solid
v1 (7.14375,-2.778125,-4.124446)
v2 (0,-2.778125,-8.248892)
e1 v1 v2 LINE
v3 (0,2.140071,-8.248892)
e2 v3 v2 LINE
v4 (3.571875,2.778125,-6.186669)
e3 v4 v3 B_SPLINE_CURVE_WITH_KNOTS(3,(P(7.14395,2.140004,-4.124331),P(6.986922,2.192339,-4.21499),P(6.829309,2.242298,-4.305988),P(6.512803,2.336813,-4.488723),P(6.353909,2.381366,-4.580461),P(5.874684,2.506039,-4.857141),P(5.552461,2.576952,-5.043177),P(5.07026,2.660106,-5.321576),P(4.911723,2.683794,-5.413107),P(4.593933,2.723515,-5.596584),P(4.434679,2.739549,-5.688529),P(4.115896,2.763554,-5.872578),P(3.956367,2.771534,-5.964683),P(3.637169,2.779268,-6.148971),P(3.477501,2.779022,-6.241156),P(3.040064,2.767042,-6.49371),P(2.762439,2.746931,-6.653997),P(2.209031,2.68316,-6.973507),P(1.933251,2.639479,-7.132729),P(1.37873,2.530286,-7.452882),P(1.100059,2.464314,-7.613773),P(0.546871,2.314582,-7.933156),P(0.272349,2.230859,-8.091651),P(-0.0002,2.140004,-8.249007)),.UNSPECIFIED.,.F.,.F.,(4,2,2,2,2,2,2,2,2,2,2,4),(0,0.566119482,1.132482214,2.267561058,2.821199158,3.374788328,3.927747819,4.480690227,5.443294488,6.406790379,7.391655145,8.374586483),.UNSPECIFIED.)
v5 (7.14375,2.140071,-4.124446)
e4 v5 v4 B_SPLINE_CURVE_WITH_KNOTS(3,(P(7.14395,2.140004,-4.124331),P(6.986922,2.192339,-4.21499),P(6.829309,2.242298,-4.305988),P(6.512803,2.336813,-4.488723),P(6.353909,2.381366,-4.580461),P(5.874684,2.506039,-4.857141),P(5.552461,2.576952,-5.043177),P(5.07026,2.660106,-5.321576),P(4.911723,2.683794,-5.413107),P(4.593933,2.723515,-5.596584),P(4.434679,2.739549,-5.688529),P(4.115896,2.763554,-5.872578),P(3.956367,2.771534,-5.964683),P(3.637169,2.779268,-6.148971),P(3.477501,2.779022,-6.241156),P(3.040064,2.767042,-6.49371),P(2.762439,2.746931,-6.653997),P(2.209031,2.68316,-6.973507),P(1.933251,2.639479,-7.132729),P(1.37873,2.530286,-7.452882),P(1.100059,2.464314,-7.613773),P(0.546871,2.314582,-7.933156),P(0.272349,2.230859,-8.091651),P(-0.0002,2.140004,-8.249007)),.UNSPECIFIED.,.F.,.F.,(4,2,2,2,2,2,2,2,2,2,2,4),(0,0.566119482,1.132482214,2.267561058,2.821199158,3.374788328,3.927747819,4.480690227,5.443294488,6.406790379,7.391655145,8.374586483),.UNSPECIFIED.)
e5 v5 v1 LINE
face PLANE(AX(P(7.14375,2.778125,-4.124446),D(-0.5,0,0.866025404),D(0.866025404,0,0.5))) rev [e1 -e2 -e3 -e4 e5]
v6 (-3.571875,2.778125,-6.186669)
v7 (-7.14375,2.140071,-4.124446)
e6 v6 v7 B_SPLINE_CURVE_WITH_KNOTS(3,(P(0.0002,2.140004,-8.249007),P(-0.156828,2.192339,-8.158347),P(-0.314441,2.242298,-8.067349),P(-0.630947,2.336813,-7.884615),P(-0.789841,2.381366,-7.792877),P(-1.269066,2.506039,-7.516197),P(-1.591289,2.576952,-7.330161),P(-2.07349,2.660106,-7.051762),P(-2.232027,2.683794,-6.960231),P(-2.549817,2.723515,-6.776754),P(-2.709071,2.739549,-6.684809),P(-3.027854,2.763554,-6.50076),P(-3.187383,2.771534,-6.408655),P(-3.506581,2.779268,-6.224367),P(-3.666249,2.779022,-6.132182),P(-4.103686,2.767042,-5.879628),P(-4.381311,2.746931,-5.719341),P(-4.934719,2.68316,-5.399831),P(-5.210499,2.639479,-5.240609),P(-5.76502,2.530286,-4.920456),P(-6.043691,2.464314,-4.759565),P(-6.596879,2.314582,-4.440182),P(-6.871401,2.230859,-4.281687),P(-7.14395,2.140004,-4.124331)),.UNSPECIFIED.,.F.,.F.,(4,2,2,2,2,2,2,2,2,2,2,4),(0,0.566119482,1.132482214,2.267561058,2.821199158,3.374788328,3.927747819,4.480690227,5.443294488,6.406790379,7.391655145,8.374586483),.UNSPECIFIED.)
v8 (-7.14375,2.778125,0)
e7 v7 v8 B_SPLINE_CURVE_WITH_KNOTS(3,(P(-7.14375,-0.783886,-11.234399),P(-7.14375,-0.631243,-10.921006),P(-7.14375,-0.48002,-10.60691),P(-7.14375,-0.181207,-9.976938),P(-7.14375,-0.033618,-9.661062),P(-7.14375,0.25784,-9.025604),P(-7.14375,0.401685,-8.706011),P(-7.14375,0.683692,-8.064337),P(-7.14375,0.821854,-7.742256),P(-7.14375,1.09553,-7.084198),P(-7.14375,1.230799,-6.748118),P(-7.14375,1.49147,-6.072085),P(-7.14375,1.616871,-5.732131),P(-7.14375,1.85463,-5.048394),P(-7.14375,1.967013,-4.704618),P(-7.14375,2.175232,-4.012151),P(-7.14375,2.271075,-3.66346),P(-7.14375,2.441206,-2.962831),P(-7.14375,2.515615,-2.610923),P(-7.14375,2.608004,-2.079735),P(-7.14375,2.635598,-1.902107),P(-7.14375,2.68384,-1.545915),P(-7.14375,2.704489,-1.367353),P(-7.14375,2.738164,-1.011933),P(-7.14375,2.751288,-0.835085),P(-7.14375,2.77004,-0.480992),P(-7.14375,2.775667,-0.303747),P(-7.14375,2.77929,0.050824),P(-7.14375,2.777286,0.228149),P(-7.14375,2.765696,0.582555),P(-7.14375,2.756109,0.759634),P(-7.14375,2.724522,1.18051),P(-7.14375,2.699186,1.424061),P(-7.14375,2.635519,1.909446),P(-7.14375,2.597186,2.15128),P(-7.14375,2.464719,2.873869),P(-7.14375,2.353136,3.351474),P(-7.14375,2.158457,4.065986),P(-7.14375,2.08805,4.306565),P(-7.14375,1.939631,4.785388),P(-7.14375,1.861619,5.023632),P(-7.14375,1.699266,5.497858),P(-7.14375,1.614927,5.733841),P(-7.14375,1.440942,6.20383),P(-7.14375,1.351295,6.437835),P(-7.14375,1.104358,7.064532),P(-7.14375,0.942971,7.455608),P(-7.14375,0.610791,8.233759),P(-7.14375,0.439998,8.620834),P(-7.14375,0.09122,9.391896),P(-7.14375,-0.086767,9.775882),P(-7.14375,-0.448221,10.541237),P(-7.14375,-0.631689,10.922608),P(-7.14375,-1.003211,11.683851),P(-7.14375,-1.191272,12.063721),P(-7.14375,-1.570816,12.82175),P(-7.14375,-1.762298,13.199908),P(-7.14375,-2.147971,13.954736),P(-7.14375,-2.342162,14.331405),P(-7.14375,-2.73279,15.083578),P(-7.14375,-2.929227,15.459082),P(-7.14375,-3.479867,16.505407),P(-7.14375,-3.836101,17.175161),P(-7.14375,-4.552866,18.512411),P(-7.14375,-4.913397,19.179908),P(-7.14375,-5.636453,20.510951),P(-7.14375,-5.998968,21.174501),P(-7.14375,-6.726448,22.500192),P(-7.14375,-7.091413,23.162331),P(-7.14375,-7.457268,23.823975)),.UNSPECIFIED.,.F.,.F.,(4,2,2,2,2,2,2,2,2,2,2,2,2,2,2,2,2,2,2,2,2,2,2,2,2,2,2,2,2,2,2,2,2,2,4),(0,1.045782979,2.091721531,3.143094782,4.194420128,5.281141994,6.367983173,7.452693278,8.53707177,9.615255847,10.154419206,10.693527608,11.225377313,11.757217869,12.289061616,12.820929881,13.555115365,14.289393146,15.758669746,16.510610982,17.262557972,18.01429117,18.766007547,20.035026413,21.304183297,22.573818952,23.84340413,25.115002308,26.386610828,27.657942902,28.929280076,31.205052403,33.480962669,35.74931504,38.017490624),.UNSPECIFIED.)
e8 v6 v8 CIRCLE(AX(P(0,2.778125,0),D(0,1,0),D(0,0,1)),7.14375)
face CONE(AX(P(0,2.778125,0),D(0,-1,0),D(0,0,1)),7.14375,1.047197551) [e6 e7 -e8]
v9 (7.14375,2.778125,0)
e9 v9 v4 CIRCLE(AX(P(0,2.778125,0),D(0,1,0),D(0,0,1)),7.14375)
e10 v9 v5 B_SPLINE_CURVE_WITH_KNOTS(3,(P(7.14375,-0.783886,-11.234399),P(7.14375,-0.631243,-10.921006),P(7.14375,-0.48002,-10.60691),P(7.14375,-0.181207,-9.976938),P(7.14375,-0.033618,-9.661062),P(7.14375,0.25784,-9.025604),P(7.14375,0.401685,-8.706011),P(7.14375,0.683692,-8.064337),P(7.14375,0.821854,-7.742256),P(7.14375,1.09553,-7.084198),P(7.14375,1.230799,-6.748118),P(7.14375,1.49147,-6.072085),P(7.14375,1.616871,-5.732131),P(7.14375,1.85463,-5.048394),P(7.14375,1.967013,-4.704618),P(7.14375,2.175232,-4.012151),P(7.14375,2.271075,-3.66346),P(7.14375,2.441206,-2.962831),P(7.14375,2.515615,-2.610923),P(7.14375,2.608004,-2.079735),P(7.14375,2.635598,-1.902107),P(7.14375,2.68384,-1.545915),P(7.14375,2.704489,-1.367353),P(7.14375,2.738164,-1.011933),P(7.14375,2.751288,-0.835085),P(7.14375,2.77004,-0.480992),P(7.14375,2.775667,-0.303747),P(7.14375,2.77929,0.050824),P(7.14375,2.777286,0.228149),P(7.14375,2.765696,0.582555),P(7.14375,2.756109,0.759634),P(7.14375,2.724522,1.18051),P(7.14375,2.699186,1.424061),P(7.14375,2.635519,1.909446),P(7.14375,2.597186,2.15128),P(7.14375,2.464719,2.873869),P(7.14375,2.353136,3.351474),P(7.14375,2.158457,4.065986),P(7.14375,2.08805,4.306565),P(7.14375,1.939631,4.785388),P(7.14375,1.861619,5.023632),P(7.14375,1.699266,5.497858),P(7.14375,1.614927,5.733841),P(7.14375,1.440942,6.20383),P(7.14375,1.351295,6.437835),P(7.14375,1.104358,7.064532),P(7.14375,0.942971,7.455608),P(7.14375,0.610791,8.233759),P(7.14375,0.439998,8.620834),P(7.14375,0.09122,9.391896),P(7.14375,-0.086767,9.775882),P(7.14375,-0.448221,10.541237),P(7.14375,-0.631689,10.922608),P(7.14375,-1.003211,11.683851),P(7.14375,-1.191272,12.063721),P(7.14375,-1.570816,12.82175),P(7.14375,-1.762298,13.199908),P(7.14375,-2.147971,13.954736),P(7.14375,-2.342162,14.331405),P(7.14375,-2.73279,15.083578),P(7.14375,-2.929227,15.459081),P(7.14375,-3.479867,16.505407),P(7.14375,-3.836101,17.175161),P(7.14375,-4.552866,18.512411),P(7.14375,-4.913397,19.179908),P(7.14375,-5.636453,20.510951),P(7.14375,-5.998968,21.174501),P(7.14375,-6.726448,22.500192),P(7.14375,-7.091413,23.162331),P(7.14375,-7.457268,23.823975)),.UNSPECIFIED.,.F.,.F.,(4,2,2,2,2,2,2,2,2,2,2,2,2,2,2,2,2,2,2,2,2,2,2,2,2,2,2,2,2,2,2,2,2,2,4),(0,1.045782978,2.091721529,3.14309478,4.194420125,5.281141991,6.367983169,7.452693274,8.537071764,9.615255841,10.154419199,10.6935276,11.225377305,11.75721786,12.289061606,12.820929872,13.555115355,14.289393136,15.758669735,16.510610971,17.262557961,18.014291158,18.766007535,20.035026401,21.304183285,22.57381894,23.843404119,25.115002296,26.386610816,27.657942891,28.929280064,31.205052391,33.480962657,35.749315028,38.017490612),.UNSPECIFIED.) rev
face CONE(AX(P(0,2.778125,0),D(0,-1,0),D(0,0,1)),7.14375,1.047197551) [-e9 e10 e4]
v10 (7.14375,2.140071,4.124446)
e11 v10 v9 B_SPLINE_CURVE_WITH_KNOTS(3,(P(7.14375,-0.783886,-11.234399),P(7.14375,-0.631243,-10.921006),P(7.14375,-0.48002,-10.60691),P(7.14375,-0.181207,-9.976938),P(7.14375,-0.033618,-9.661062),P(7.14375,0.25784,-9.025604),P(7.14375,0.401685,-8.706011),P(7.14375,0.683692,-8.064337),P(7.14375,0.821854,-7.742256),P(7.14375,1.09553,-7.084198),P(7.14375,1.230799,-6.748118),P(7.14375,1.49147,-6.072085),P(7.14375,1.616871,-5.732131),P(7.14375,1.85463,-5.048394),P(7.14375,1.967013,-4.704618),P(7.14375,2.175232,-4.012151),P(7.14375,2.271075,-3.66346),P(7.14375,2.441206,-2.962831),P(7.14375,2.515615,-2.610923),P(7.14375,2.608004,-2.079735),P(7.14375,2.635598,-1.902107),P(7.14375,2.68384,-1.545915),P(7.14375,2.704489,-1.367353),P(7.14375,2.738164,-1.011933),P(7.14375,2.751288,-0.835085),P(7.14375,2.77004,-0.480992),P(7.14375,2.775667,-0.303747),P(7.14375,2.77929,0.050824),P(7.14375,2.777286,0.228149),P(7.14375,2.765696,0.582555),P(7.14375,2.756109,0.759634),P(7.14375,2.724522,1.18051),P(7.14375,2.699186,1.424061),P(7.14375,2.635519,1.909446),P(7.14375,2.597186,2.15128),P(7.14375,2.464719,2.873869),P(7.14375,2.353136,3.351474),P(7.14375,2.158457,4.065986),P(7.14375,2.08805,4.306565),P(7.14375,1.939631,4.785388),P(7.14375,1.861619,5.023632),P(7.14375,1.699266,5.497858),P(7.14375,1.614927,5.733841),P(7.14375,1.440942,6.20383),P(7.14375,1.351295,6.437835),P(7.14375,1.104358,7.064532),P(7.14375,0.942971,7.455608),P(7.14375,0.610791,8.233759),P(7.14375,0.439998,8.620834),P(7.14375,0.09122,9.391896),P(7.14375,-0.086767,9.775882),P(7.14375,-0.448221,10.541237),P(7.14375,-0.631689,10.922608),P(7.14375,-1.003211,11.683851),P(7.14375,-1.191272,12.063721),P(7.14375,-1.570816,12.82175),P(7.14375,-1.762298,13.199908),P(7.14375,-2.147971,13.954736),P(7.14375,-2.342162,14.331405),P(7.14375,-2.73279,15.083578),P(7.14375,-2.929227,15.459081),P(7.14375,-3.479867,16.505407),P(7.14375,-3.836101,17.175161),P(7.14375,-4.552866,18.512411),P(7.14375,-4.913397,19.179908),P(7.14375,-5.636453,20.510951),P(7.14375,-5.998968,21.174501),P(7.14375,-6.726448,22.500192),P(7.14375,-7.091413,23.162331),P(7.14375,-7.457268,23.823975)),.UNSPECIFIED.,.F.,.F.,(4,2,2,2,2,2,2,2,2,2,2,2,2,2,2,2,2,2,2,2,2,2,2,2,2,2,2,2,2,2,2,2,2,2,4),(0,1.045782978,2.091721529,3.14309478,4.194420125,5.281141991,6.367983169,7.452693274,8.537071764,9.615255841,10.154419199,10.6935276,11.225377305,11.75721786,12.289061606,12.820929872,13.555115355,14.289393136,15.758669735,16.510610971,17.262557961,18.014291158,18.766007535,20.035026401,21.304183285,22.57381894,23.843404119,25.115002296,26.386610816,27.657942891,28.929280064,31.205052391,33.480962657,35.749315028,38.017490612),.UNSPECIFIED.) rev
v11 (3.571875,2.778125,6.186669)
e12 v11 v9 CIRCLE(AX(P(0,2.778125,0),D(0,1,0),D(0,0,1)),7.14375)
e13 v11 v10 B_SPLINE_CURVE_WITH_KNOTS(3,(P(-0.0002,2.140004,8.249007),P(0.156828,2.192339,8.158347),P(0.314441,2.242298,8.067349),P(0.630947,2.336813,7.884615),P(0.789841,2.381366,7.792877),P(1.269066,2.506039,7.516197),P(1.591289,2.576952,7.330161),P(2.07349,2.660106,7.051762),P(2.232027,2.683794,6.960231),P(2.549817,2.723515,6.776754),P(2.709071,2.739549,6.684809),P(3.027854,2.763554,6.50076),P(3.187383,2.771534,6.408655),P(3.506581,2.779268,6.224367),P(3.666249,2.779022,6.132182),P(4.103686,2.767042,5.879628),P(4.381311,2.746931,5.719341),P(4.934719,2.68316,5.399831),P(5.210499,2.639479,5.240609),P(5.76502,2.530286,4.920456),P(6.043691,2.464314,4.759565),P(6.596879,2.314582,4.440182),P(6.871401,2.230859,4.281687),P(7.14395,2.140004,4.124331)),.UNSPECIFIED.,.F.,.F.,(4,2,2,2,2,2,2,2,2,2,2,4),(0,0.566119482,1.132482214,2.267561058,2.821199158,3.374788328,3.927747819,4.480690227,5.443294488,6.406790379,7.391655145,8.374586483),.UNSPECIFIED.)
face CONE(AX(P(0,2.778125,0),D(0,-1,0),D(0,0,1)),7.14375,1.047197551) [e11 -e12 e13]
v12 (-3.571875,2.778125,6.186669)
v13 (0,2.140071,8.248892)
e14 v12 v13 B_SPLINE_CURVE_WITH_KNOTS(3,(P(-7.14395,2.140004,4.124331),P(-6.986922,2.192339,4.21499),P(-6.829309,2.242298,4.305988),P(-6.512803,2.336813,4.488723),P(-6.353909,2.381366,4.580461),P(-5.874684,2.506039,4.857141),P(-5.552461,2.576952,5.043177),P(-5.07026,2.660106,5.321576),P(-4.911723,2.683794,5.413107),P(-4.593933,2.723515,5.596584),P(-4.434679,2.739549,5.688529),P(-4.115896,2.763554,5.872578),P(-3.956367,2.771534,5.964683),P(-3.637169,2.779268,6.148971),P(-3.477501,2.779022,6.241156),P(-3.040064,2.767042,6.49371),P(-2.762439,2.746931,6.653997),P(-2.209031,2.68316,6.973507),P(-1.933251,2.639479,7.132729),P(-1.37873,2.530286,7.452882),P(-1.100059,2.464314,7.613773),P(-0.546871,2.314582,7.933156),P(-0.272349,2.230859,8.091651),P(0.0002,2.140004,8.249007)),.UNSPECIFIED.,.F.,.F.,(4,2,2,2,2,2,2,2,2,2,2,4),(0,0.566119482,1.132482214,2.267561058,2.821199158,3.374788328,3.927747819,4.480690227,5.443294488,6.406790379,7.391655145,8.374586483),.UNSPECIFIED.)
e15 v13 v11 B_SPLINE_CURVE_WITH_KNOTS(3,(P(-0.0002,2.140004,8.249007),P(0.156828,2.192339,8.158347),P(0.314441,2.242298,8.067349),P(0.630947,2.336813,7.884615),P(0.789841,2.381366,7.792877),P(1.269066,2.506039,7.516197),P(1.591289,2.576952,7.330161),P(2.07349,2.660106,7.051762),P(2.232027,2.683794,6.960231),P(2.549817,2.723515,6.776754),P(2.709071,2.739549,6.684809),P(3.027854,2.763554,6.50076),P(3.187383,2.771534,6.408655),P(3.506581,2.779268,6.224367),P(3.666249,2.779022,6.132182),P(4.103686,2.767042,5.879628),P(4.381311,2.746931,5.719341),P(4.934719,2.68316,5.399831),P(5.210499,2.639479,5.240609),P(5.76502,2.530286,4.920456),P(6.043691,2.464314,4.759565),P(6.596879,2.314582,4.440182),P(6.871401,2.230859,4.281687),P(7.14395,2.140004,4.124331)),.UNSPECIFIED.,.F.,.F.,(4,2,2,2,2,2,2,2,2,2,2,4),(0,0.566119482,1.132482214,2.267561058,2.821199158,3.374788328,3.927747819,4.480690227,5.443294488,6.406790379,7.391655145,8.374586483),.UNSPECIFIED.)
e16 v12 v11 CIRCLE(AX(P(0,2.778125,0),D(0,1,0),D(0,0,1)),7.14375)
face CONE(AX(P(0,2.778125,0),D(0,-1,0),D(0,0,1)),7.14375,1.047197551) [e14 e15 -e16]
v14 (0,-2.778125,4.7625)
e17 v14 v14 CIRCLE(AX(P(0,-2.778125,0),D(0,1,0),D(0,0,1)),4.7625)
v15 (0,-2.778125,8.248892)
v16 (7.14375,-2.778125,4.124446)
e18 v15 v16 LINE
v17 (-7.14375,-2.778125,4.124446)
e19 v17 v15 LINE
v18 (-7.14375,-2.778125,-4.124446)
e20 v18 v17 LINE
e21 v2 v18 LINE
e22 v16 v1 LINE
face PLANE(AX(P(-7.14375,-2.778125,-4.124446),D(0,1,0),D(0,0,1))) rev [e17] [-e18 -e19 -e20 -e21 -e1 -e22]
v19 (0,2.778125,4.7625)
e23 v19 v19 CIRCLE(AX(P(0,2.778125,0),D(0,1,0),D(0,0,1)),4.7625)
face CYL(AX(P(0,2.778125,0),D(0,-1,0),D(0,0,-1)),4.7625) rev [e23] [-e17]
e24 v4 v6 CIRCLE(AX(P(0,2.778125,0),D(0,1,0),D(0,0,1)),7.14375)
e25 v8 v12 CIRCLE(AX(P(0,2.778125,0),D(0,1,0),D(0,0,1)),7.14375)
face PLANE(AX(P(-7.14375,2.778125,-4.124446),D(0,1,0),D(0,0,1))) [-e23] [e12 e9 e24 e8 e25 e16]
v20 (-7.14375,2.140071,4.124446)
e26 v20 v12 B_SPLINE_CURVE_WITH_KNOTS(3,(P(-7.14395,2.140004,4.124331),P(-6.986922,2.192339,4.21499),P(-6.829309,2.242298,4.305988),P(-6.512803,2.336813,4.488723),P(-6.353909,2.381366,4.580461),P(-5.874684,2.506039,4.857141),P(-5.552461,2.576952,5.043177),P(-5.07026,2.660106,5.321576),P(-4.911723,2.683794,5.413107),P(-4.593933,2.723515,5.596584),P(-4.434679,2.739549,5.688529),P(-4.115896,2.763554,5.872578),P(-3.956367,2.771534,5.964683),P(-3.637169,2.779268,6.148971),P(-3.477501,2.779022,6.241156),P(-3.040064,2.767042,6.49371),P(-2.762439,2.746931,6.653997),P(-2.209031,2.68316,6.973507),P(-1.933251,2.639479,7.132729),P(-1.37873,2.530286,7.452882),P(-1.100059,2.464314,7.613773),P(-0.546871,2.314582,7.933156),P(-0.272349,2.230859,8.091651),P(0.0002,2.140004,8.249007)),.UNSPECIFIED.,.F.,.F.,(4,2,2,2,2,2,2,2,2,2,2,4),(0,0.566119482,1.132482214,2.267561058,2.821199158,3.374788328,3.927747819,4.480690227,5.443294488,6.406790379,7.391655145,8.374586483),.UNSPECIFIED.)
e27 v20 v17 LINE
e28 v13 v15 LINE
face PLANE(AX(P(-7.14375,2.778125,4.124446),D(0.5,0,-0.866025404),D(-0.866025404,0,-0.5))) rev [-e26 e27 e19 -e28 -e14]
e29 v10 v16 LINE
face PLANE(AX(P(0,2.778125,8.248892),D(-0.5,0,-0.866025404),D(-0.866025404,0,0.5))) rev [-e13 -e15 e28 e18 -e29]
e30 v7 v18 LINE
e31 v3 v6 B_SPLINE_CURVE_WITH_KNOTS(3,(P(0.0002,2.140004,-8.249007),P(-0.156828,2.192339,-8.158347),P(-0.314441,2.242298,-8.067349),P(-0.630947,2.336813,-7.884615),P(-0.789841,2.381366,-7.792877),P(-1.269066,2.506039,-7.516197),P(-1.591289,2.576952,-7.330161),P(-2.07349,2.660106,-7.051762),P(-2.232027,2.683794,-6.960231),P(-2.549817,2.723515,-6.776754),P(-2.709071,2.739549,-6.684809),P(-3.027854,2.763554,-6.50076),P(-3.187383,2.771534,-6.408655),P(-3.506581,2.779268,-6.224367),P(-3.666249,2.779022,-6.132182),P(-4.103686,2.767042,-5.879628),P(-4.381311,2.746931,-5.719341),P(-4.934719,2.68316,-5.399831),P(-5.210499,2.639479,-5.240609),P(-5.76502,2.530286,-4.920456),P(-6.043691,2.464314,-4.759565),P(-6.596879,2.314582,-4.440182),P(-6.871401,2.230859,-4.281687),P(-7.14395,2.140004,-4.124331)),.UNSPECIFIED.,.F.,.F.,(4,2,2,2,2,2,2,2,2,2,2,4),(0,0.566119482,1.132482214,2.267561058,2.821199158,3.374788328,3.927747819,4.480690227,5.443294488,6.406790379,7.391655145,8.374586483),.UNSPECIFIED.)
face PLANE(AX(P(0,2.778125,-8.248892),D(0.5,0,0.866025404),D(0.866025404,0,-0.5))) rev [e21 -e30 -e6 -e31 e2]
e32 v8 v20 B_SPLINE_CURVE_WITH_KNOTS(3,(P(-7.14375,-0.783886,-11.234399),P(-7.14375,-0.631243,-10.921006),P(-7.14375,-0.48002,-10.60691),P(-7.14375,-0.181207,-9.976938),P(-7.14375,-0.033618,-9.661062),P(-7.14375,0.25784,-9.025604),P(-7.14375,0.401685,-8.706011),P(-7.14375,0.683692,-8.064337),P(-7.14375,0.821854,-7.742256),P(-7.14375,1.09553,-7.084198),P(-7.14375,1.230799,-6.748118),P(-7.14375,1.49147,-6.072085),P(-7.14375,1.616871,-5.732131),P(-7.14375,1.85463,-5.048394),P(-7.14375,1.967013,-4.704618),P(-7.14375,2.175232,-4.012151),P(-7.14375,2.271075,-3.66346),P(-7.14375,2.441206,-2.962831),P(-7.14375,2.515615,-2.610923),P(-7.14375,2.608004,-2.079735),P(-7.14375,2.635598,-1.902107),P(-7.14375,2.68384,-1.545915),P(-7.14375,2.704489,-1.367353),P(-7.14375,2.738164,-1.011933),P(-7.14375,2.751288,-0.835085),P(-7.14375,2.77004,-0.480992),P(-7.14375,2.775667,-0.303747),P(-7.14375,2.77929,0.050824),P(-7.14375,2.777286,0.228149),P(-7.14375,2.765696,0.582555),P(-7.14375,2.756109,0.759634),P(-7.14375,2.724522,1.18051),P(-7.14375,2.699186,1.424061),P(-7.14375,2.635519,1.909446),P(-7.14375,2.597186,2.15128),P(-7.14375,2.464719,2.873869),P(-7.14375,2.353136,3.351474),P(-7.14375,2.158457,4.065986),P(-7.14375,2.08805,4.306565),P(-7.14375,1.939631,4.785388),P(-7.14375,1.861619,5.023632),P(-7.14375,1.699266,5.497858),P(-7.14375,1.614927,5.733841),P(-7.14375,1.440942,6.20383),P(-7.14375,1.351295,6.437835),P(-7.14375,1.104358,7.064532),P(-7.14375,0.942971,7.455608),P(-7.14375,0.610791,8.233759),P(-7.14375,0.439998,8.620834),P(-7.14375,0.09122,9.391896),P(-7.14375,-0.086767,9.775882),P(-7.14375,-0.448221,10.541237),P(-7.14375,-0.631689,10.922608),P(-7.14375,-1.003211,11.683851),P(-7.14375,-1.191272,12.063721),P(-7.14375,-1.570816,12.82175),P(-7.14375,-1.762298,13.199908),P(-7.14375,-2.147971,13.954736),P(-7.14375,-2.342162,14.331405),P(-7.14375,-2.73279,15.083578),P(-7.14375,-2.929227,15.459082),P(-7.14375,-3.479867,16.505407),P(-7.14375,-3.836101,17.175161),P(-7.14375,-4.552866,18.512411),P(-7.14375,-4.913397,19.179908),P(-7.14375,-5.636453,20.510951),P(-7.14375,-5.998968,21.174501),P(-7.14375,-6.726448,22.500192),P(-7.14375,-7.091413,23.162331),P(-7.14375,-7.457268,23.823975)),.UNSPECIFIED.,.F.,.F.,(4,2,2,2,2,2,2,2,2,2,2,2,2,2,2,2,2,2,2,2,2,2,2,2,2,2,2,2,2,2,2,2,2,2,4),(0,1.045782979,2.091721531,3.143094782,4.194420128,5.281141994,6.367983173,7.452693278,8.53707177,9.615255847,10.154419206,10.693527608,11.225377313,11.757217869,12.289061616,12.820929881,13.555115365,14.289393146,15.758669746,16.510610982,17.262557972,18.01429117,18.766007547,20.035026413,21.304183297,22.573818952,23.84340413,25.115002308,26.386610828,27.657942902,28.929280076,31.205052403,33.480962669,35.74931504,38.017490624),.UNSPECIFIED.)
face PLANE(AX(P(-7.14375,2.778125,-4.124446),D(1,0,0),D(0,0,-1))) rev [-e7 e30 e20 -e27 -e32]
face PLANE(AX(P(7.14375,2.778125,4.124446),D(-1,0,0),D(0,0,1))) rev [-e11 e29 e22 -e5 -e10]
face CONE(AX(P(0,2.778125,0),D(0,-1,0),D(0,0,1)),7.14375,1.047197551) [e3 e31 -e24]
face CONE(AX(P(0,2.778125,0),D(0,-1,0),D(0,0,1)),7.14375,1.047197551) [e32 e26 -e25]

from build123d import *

# Parameters (mm, degrees)
SKETCH1_R           = 4.7625
BOSS_EXTRUDE1_DEPTH = 2.778125
SKETCH5_OUTSIDE_W   = 43.504
SKETCH5_OUTSIDE_H   = 45.714
SKETCH5_OUTSIDE_R   = 7.14375
CUT_EXTRUDE2_DEPTH  = 6.55625
CUT_EXTRUDE2_TAPER  = 60


with BuildPart() as part:
    # Sketch1 → Boss-Extrude1 (new body, symmetric)
    with BuildSketch(Plane(origin=(0, 0, 0), x_dir=(1, 0, 0), z_dir=(0, 1, 0))):
        Polygon((-7.14375, 4.124445986), (-7.14375, -4.124445986), (0, -8.248891971), (7.14375, -4.124445986), (7.14375, 4.124445986), (0, 8.248891971), align=None)
        Circle(SKETCH1_R, mode=Mode.SUBTRACT)
    extrude(amount=BOSS_EXTRUDE1_DEPTH, both=True)

    # Sketch5 outside → Cut-Extrude2 (cut, through all)
    with BuildSketch(Plane(origin=(0, 2.778125, 0), x_dir=(1, 0, 0), z_dir=(0, 1, 0))):
        Rectangle(SKETCH5_OUTSIDE_W, SKETCH5_OUTSIDE_H)
        Circle(SKETCH5_OUTSIDE_R, mode=Mode.SUBTRACT)
    extrude(amount=-CUT_EXTRUDE2_DEPTH, taper=CUT_EXTRUDE2_TAPER, mode=Mode.SUBTRACT)


solid = part.part
